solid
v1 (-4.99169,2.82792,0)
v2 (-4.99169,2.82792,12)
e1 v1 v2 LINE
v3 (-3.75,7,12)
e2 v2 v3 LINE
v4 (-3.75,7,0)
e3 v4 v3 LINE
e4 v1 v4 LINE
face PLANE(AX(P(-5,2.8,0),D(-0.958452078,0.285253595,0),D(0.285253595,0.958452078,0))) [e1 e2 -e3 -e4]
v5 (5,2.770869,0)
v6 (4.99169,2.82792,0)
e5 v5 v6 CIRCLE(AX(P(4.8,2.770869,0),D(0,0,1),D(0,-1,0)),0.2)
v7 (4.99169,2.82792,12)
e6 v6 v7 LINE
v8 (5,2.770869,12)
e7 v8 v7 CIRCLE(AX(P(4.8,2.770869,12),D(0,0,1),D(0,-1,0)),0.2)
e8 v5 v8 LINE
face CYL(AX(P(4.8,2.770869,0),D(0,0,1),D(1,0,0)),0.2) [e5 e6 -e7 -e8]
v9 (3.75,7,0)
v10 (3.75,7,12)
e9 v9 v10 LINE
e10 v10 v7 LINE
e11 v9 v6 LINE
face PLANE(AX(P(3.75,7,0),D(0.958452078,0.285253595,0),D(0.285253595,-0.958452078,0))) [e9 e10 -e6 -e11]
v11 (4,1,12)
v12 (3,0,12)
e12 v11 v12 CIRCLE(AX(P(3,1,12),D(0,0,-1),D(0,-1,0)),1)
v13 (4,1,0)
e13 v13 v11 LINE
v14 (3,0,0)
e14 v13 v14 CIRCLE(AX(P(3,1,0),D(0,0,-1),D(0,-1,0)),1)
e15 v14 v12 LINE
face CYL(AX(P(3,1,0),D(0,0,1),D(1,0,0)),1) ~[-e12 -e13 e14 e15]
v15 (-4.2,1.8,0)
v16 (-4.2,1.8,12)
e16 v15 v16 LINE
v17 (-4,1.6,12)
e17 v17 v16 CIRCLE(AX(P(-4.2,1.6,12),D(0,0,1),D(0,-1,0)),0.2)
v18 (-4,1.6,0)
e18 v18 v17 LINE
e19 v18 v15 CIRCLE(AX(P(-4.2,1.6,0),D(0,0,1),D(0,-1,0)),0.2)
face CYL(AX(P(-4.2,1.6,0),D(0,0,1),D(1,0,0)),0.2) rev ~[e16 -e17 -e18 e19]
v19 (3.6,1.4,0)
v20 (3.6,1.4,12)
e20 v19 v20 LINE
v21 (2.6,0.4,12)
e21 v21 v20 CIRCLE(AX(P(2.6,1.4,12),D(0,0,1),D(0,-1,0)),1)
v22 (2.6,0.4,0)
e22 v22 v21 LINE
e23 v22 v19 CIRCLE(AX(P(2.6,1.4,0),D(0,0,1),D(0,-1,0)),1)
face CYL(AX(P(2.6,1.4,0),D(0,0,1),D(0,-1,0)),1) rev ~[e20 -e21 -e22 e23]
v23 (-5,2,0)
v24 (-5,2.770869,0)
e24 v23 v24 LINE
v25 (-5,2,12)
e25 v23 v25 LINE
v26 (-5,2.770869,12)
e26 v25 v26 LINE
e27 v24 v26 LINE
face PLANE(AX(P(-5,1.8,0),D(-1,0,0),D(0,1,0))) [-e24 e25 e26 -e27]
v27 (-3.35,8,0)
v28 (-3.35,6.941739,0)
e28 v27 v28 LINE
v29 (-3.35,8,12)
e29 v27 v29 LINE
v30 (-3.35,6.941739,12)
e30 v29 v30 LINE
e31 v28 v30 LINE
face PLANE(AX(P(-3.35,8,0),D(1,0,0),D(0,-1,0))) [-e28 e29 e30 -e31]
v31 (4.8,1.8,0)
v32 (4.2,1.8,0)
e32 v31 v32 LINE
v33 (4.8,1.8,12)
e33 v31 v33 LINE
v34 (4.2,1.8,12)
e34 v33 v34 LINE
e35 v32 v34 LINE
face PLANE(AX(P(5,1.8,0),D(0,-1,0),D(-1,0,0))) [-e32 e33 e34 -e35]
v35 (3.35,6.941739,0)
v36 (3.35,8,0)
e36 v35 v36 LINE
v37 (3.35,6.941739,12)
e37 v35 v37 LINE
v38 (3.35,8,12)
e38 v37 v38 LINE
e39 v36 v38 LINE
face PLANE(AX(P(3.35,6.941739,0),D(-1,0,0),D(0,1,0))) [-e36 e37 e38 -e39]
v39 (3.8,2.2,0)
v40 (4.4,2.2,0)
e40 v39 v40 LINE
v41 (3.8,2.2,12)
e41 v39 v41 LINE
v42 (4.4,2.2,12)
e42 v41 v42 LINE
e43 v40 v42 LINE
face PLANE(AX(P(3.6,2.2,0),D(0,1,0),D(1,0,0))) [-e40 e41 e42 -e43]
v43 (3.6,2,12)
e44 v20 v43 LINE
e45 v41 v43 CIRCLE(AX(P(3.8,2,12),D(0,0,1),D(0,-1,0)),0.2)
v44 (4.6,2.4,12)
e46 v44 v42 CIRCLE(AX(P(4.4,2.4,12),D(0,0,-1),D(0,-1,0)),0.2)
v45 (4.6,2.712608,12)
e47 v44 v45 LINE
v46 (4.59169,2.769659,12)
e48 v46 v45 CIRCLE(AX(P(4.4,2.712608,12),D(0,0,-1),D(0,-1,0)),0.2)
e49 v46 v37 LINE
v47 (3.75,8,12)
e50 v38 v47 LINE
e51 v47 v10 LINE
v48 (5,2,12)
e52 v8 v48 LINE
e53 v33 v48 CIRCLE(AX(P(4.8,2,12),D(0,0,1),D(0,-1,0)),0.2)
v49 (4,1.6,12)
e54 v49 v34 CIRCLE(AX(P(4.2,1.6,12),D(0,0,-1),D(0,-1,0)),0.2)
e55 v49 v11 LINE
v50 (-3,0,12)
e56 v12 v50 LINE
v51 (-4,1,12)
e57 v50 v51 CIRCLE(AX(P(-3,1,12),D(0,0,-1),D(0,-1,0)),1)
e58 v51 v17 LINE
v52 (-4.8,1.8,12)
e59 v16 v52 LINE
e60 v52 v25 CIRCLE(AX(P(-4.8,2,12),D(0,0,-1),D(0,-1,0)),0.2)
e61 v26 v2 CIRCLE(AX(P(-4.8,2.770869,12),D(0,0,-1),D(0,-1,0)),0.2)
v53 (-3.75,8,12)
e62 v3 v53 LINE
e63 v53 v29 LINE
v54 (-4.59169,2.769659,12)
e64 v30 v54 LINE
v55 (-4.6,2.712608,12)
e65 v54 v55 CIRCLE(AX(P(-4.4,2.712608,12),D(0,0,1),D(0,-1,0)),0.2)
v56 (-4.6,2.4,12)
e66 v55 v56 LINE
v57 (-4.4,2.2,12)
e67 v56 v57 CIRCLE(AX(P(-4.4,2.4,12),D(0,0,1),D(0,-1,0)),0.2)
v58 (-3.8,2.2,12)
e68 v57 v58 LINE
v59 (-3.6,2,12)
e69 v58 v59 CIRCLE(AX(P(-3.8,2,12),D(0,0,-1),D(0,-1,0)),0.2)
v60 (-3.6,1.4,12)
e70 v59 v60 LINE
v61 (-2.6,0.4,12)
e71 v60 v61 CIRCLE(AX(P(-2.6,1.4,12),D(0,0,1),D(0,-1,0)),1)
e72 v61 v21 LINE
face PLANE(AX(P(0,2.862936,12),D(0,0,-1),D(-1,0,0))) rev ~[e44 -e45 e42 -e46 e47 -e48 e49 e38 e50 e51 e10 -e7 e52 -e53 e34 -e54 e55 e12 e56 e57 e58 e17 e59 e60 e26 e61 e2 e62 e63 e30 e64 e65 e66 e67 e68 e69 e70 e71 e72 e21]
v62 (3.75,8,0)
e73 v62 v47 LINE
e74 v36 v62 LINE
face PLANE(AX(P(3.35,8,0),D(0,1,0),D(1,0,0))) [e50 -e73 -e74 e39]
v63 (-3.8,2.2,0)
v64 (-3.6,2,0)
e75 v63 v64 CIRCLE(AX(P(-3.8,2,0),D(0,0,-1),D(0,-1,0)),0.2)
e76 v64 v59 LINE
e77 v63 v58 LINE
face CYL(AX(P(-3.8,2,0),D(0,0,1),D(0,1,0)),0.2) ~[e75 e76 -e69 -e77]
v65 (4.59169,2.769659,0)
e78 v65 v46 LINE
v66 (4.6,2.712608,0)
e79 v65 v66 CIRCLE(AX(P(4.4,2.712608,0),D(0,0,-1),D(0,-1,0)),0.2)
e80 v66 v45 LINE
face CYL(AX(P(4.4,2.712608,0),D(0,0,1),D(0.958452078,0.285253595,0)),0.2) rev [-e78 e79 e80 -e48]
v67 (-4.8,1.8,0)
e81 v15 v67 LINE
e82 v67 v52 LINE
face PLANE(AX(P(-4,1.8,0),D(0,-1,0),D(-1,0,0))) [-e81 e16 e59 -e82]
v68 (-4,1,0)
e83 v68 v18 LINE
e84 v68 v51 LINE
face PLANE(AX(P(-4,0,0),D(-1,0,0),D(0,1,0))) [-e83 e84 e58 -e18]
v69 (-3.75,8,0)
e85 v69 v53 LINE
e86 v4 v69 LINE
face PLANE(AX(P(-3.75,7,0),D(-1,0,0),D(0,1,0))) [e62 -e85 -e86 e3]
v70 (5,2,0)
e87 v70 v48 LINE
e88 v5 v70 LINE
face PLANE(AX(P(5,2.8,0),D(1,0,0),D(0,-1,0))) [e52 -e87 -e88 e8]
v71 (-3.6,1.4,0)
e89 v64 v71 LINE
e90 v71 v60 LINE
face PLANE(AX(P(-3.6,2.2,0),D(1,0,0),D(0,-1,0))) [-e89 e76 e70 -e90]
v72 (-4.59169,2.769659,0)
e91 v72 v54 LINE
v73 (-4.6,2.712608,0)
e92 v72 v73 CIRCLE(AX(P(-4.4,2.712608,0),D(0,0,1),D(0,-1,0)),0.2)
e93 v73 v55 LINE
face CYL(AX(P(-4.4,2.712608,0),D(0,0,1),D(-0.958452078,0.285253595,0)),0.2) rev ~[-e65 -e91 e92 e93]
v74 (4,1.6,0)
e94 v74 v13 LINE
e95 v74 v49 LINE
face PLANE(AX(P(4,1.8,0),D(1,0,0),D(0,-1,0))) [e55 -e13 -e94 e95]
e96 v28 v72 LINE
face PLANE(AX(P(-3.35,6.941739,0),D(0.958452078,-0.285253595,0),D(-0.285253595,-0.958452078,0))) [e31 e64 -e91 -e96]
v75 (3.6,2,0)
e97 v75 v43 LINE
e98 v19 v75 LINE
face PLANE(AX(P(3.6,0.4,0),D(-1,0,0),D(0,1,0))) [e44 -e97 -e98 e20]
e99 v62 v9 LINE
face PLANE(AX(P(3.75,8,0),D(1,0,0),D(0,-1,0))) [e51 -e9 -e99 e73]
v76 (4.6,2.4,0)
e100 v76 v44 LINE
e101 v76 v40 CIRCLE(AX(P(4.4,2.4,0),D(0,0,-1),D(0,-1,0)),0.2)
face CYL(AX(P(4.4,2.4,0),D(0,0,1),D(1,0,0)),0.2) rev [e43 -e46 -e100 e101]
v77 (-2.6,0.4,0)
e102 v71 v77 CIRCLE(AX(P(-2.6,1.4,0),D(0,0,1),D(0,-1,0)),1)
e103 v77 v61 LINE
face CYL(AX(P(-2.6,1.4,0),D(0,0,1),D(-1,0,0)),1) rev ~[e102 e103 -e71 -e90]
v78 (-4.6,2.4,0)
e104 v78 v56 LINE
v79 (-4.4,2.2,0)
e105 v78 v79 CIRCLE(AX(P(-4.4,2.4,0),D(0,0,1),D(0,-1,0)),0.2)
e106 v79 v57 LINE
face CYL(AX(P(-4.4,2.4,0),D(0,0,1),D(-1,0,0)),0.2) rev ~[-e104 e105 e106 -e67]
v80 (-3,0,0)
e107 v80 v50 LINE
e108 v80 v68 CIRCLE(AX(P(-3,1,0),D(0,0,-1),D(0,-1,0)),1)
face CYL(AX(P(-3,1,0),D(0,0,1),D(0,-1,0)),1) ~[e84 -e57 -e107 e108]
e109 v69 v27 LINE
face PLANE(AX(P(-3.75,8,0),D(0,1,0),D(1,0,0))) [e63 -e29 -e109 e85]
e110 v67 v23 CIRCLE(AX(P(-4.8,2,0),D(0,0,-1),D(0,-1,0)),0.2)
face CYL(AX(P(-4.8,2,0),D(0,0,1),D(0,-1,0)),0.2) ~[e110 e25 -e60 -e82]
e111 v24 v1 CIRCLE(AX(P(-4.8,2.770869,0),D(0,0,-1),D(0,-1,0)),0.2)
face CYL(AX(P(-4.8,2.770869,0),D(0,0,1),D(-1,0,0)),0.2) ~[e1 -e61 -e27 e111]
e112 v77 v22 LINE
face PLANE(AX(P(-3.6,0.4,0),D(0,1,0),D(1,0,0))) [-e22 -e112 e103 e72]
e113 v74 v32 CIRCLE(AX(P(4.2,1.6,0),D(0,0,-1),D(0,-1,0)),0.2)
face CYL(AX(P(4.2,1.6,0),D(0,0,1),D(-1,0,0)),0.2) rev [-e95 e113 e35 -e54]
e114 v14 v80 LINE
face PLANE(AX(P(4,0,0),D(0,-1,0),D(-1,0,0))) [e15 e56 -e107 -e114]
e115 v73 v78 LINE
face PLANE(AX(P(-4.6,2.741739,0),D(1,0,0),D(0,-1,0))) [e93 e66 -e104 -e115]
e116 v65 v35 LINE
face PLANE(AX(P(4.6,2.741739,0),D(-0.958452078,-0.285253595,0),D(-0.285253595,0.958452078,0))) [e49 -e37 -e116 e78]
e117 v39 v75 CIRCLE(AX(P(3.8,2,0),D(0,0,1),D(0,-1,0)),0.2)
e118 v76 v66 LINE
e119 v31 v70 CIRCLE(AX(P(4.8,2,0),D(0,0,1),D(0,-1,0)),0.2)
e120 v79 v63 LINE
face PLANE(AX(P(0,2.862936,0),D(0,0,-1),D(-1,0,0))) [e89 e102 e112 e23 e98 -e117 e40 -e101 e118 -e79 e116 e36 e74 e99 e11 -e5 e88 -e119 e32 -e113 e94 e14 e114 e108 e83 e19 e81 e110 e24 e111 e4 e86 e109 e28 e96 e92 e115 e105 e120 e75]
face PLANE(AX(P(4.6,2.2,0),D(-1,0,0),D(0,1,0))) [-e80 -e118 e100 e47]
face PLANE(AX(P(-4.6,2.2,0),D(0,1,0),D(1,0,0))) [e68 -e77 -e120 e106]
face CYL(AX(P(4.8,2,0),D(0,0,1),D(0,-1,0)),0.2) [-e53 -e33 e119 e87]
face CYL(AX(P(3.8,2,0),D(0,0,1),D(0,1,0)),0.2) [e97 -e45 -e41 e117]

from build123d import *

# Parameters (mm, degrees)
EXTRUDE_THIN1_DEPTH = 12
FILLET1_R           = 1
FILLET2_R           = 0.2


with BuildPart() as part:
    # Sketch1 → Extrude-Thin1 (new body)
    with BuildSketch(Plane.XY):
        Polygon((3.75, 8), (3.75, 7), (5, 2.8), (5, 1.8), (4, 1.8), (4, 0), (-4, 0), (-4, 1.8), (-5, 1.8), (-5, 2.8), (-3.75, 7), (-3.75, 8), (-3.35, 8), (-3.35, 6.941738969), (-4.6, 2.741738969), (-4.6, 2.2), (-3.6, 2.2), (-3.6, 0.4), (3.6, 0.4), (3.6, 2.2), (4.6, 2.2), (4.6, 2.741738969), (3.35, 6.941738969), (3.35, 8), align=None)
    extrude(amount=EXTRUDE_THIN1_DEPTH)

    # Fillet1
    fillet1_edges = [part.edges().sort_by_distance(p)[0] for p in [
        (4, 0, 6),
        (-4, 0, 6),
        (-3.6, 0.4, 6),
        (3.6, 0.4, 6),
    ]]
    fillet(fillet1_edges, radius=FILLET1_R)

    # Fillet2
    fillet2_edges = [part.edges().sort_by_distance(p)[0] for p in [
        (5, 2.8, 6),
        (5, 1.8, 6),
        (4, 1.8, 6),
        (-4, 1.8, 6),
        (-5, 1.8, 6),
        (-5, 2.8, 6),
        (-4.6, 2.741738969, 6),
        (-4.6, 2.2, 6),
        (-3.6, 2.2, 6),
        (3.6, 2.2, 6),
        (4.6, 2.2, 6),
        (4.6, 2.741738969, 6),
    ]]
    fillet(fillet2_edges, radius=FILLET2_R)


solid = part.part
